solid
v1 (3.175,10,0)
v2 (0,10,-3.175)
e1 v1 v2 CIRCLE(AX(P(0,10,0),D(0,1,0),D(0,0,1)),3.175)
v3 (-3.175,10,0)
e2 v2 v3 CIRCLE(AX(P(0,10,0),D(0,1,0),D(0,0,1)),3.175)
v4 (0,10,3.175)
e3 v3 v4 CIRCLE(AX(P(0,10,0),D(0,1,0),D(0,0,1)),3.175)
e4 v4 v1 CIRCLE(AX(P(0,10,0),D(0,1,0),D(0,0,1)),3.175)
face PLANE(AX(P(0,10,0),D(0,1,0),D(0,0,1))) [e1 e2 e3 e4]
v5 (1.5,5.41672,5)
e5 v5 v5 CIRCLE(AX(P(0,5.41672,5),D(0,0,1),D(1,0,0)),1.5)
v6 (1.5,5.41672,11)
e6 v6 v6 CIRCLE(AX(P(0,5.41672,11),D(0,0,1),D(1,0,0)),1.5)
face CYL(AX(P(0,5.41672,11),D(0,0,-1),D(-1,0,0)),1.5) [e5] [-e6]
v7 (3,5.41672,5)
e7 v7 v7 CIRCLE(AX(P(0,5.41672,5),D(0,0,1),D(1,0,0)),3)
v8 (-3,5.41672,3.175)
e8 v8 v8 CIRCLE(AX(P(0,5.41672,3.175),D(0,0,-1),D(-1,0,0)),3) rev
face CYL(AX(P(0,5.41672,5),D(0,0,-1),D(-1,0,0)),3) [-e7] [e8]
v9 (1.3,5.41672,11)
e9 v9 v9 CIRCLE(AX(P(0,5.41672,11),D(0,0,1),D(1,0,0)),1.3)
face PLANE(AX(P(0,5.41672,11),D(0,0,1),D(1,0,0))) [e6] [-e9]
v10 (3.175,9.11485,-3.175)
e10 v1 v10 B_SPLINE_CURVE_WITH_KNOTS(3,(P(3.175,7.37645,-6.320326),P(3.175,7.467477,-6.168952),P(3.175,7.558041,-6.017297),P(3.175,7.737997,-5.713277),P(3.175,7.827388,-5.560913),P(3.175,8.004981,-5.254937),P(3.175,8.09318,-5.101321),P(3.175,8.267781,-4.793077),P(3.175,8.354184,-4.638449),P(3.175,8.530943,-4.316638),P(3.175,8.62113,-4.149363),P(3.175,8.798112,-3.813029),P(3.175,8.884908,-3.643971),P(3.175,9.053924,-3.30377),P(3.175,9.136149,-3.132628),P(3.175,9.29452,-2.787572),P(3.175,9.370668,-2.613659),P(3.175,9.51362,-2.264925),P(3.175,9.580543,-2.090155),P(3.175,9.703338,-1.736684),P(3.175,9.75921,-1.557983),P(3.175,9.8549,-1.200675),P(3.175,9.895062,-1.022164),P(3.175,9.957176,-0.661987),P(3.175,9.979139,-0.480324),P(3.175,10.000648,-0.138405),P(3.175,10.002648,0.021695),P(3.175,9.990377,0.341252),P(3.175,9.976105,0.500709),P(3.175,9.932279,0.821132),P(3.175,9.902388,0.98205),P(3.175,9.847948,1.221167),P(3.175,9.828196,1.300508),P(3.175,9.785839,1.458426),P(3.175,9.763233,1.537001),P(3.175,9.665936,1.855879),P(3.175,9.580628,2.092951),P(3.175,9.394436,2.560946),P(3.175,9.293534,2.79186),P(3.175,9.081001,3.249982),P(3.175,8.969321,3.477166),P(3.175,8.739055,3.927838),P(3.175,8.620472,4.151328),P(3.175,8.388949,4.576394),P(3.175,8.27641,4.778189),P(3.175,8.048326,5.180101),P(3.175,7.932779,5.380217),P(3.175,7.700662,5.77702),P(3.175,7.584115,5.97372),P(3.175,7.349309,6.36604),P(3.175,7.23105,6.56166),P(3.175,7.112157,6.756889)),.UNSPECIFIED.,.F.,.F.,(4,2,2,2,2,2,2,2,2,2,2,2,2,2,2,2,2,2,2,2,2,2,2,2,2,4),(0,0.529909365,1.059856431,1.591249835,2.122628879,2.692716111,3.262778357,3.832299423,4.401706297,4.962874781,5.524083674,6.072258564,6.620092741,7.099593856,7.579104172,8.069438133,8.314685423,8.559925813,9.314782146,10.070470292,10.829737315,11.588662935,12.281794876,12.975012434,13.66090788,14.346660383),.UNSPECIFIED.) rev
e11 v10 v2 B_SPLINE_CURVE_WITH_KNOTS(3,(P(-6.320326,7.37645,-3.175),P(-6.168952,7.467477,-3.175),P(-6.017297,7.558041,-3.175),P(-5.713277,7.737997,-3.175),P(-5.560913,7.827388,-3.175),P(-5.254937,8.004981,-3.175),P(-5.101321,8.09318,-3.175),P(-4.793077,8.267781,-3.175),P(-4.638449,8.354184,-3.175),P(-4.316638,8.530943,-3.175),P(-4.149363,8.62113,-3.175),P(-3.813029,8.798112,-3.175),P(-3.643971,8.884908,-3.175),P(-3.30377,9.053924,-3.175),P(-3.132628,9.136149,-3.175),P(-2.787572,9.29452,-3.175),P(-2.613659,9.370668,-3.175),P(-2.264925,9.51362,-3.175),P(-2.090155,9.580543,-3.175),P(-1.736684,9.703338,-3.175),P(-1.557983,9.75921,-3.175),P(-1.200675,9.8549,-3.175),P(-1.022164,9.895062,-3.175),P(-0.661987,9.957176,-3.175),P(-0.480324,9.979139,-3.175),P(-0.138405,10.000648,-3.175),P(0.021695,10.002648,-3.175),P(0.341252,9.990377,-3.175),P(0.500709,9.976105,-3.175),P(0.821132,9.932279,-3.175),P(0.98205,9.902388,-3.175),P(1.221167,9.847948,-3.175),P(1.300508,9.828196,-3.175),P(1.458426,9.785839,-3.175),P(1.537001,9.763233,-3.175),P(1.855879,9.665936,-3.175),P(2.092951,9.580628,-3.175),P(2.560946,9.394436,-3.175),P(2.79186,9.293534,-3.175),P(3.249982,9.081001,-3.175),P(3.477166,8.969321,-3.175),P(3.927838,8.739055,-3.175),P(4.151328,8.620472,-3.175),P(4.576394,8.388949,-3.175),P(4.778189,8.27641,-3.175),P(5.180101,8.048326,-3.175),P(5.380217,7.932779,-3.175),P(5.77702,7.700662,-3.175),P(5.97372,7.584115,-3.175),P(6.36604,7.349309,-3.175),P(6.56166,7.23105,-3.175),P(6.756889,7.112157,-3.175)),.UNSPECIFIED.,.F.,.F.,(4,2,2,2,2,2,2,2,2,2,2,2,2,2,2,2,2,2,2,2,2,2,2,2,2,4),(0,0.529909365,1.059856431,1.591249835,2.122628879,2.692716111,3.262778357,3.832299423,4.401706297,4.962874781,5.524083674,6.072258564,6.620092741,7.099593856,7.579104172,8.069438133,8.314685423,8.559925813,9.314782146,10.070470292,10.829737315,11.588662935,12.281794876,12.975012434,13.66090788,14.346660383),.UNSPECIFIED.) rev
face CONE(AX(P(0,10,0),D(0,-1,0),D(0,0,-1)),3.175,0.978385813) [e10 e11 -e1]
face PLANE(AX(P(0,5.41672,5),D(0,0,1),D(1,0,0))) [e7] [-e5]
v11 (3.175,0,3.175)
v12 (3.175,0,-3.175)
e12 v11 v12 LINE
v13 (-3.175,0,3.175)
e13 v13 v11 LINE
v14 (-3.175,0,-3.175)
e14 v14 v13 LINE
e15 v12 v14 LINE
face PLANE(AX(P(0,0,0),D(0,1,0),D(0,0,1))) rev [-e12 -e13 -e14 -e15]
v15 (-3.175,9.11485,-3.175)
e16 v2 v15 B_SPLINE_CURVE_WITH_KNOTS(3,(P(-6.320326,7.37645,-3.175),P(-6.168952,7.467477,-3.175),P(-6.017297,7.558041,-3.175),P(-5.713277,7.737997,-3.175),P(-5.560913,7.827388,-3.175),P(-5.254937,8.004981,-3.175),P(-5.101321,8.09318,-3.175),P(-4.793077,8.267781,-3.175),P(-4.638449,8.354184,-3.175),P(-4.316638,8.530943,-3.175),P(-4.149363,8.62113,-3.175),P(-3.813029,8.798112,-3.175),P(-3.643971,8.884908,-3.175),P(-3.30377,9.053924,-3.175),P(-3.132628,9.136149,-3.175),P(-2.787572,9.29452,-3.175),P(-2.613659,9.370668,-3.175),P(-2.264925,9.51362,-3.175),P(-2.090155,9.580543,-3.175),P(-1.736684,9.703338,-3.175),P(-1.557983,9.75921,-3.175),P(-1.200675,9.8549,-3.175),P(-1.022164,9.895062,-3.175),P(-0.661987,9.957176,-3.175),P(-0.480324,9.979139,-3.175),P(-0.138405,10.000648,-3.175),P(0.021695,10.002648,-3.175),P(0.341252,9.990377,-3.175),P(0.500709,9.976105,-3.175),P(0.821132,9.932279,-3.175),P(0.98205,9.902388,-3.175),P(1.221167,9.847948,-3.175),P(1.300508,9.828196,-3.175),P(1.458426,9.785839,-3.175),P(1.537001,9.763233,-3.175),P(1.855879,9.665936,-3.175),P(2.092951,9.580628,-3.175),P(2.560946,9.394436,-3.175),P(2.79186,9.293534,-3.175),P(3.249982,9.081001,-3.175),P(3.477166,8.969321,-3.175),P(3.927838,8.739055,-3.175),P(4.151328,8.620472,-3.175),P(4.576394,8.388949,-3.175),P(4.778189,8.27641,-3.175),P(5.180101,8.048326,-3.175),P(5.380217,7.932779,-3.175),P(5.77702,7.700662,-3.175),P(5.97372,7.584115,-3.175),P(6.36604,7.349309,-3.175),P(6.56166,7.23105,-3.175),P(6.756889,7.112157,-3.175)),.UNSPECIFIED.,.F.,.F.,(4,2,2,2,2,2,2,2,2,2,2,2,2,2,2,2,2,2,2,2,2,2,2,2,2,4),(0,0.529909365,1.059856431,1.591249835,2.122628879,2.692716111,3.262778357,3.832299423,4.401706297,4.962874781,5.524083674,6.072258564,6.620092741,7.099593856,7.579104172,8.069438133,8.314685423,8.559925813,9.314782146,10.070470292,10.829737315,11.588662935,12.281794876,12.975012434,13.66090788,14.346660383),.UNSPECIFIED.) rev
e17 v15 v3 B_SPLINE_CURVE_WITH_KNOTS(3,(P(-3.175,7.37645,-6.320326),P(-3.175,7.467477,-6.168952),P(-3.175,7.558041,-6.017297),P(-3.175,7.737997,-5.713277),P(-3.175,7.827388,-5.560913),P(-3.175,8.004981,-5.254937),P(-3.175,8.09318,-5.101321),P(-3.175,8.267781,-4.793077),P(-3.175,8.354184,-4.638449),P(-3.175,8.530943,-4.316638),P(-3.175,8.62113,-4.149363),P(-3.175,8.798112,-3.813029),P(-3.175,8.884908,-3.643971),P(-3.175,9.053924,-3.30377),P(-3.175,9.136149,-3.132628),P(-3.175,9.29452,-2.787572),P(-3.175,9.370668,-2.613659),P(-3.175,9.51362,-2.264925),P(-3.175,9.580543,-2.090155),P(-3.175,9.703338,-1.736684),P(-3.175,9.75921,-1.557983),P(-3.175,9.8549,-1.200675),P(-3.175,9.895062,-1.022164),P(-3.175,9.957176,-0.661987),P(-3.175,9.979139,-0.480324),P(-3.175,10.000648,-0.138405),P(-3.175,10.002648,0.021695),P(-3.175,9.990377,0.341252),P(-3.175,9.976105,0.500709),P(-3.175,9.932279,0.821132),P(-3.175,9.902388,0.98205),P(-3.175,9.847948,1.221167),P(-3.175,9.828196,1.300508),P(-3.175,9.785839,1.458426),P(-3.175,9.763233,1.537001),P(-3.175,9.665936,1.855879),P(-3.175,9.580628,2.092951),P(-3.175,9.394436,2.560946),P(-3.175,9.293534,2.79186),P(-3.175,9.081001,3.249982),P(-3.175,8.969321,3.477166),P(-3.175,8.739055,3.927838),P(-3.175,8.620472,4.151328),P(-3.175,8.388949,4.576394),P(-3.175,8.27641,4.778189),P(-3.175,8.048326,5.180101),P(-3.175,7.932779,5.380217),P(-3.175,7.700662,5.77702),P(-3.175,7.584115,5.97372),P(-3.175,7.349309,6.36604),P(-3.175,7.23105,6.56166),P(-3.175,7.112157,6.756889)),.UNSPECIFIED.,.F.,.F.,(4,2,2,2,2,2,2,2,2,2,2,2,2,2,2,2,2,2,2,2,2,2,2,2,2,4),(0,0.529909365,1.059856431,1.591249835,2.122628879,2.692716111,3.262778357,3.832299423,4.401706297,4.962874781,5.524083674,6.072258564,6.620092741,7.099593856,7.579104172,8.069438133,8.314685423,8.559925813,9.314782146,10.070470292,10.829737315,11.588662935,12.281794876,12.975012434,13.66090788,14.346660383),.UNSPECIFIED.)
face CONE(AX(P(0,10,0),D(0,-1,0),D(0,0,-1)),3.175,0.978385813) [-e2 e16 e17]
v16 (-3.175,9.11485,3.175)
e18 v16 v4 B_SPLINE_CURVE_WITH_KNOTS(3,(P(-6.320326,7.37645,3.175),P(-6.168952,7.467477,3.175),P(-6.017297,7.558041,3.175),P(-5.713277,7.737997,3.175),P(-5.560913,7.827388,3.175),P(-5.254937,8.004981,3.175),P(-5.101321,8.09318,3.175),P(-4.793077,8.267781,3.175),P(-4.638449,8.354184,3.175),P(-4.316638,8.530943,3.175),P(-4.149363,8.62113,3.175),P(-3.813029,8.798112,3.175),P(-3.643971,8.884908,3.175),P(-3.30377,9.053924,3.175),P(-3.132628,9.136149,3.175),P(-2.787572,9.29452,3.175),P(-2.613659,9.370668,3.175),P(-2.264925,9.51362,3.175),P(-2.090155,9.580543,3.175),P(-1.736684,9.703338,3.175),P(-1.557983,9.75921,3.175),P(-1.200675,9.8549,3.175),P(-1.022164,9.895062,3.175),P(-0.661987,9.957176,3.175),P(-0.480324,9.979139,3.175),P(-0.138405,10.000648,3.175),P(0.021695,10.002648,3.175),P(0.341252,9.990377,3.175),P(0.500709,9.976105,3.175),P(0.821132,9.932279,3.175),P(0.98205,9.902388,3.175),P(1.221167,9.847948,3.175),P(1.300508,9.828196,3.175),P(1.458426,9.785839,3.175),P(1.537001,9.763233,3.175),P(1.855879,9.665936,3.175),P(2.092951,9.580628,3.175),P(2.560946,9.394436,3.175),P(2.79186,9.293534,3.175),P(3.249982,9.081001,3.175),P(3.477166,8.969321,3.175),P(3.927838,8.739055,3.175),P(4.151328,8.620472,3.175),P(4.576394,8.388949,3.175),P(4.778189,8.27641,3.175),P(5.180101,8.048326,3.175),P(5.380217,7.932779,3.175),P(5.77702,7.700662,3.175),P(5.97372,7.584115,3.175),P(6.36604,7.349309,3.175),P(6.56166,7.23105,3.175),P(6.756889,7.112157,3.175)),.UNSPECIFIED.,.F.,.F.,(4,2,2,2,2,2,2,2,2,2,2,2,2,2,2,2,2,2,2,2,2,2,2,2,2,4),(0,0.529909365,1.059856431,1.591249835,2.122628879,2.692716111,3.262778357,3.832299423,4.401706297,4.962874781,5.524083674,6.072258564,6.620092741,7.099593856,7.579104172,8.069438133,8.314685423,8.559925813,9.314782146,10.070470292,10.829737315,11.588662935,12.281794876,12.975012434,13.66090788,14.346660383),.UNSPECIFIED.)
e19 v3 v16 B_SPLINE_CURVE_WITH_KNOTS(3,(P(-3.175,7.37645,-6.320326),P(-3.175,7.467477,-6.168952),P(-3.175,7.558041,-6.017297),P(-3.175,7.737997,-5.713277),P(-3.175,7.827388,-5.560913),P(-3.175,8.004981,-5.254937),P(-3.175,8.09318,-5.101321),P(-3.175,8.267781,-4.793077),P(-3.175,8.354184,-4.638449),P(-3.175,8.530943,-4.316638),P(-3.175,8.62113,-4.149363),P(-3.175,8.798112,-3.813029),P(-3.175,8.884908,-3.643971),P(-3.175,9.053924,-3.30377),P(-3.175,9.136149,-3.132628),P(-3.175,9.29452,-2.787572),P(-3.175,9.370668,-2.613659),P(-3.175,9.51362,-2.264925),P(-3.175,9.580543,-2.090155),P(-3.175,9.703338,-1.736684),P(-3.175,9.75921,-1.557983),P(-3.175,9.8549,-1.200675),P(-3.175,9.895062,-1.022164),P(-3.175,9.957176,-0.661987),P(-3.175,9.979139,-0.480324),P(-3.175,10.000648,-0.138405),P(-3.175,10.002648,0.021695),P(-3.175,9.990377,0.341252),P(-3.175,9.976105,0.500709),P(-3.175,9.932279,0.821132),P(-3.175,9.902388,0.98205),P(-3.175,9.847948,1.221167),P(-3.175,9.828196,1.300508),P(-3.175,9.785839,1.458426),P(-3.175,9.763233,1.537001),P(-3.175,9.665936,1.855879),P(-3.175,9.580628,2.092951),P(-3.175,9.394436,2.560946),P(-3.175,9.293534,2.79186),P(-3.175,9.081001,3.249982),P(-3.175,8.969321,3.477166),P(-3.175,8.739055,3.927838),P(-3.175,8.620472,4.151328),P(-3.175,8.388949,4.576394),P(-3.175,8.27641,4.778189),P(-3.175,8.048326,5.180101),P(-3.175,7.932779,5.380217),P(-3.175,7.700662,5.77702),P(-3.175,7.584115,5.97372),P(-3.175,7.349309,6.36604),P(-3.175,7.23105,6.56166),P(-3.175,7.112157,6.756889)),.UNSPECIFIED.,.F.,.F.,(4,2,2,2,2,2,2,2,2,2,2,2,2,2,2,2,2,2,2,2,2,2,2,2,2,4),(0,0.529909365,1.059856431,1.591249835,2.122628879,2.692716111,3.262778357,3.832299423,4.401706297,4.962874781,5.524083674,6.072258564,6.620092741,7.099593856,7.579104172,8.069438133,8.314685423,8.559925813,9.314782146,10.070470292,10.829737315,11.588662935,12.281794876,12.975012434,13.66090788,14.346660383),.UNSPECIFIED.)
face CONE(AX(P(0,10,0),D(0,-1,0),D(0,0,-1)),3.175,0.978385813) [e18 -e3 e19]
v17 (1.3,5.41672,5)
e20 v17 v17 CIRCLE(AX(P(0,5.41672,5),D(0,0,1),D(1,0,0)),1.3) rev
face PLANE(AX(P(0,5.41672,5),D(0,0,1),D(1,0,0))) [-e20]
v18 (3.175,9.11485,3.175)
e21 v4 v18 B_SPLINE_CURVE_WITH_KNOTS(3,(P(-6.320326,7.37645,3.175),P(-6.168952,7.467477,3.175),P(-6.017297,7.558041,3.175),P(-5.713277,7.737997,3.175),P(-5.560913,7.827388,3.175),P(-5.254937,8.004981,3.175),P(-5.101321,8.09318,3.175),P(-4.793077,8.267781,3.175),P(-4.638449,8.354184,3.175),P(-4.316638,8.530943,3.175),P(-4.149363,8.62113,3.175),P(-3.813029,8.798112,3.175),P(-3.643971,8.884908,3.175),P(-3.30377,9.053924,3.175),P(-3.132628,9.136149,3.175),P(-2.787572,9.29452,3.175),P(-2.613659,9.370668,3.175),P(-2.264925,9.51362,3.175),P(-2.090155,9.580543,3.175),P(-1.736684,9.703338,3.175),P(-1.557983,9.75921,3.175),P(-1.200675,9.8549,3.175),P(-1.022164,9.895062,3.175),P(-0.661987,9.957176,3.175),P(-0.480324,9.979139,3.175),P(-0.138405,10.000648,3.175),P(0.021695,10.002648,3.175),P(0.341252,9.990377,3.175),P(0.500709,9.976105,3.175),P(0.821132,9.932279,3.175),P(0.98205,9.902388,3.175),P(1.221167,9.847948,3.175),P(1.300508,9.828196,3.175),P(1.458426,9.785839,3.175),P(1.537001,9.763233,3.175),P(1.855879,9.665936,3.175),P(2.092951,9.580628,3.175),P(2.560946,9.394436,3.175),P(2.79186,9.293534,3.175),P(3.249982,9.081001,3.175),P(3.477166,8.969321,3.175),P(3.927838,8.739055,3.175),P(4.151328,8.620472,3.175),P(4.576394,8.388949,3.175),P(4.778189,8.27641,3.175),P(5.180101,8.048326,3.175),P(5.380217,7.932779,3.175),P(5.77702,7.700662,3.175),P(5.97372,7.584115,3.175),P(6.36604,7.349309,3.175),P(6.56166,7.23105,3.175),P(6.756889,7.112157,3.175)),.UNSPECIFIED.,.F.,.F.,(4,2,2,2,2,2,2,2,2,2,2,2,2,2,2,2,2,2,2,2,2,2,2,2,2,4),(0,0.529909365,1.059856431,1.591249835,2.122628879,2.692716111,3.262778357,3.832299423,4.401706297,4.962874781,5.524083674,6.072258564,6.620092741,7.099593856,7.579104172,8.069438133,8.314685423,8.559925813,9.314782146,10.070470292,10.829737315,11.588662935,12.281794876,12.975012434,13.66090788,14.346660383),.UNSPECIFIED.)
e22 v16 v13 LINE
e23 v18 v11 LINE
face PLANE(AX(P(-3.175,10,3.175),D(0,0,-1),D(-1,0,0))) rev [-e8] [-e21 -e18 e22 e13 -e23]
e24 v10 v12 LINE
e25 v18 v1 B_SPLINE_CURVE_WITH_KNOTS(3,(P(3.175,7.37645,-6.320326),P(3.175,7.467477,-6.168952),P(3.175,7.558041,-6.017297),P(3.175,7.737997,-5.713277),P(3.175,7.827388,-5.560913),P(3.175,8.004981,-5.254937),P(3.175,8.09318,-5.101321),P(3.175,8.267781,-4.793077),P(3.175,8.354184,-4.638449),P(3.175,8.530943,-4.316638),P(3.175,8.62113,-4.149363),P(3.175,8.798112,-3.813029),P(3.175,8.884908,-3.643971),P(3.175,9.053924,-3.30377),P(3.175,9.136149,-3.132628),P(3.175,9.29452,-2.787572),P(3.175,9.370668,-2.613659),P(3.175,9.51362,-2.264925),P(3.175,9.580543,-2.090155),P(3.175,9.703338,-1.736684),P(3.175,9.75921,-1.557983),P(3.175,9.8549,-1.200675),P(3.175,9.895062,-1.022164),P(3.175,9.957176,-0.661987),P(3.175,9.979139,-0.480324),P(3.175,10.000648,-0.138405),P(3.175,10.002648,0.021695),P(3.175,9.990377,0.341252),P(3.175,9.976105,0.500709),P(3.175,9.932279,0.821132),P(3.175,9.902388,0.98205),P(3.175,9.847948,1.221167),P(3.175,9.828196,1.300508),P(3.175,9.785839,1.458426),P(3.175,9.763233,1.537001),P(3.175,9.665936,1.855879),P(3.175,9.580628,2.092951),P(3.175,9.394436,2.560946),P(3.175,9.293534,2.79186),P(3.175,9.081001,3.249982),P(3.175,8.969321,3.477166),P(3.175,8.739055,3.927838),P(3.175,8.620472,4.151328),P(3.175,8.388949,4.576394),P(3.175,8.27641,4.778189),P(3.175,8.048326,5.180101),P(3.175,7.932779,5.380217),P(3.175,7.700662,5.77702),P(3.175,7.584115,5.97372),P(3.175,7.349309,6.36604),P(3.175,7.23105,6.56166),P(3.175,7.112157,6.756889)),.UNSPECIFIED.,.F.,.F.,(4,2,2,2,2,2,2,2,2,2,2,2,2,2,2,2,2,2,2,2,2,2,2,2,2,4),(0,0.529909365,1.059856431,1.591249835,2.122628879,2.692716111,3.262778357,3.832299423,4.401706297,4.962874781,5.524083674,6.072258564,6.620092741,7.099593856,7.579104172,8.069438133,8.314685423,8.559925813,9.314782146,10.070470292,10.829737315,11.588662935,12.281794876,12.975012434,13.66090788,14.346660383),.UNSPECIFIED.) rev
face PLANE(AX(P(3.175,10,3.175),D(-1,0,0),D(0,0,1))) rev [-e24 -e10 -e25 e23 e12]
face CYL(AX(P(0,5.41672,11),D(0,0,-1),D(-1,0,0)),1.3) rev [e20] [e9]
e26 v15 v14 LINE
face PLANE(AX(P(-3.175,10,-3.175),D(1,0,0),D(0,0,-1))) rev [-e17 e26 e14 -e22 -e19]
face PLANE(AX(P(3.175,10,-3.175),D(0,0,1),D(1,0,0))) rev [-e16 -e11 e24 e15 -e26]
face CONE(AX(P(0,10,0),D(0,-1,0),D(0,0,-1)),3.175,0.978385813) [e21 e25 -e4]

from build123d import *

# Parameters (mm, degrees)
SKETCH_2_W      = 6.35
SKETCH_2_H      = 6.35
EXTRUDE_1_DEPTH = 10
SKETCH_6_R      = 3
EXTRUDE_2_DEPTH = 5
SKETCH_7_R      = 1.5
SKETCH_7_R_2    = 1.3
EXTRUDE_3_DEPTH = 6


with BuildPart() as part:
    # 草图2 → 凸台-拉伸1 (new body)
    with BuildSketch(Plane(origin=(0, 0, 0), x_dir=(1, 0, 0), z_dir=(0, 1, 0))):
        Rectangle(SKETCH_2_W, SKETCH_2_H)
    extrude(amount=EXTRUDE_1_DEPTH)

    # 草图5 → 切除-旋转1 (revolve, cut)
    with BuildSketch(Plane.XY):
        Polygon((3.175, 10), (5.248872861, 14.588450108), (5.248872861, 8.60417478), align=None)
    revolve(axis=Axis((0, 15.427678148, 0), (0, -1, 0)), mode=Mode.SUBTRACT)

    # 草图6 → 凸台-拉伸2 (add)
    with BuildSketch(Plane.XY):
        with Locations(Location((0, 5.416720089, 0), (0, 0, 180))):
            Circle(SKETCH_6_R)
    extrude(amount=EXTRUDE_2_DEPTH)

    # 草图7 → 凸台-拉伸3 (add)
    with BuildSketch(Plane.XY.offset(5)):
        with Locations((0, 5.416720089)):
            Circle(SKETCH_7_R)
        with Locations((0, 5.416720089)):
            Circle(SKETCH_7_R_2, mode=Mode.SUBTRACT)
    extrude(amount=EXTRUDE_3_DEPTH)


solid = part.part
